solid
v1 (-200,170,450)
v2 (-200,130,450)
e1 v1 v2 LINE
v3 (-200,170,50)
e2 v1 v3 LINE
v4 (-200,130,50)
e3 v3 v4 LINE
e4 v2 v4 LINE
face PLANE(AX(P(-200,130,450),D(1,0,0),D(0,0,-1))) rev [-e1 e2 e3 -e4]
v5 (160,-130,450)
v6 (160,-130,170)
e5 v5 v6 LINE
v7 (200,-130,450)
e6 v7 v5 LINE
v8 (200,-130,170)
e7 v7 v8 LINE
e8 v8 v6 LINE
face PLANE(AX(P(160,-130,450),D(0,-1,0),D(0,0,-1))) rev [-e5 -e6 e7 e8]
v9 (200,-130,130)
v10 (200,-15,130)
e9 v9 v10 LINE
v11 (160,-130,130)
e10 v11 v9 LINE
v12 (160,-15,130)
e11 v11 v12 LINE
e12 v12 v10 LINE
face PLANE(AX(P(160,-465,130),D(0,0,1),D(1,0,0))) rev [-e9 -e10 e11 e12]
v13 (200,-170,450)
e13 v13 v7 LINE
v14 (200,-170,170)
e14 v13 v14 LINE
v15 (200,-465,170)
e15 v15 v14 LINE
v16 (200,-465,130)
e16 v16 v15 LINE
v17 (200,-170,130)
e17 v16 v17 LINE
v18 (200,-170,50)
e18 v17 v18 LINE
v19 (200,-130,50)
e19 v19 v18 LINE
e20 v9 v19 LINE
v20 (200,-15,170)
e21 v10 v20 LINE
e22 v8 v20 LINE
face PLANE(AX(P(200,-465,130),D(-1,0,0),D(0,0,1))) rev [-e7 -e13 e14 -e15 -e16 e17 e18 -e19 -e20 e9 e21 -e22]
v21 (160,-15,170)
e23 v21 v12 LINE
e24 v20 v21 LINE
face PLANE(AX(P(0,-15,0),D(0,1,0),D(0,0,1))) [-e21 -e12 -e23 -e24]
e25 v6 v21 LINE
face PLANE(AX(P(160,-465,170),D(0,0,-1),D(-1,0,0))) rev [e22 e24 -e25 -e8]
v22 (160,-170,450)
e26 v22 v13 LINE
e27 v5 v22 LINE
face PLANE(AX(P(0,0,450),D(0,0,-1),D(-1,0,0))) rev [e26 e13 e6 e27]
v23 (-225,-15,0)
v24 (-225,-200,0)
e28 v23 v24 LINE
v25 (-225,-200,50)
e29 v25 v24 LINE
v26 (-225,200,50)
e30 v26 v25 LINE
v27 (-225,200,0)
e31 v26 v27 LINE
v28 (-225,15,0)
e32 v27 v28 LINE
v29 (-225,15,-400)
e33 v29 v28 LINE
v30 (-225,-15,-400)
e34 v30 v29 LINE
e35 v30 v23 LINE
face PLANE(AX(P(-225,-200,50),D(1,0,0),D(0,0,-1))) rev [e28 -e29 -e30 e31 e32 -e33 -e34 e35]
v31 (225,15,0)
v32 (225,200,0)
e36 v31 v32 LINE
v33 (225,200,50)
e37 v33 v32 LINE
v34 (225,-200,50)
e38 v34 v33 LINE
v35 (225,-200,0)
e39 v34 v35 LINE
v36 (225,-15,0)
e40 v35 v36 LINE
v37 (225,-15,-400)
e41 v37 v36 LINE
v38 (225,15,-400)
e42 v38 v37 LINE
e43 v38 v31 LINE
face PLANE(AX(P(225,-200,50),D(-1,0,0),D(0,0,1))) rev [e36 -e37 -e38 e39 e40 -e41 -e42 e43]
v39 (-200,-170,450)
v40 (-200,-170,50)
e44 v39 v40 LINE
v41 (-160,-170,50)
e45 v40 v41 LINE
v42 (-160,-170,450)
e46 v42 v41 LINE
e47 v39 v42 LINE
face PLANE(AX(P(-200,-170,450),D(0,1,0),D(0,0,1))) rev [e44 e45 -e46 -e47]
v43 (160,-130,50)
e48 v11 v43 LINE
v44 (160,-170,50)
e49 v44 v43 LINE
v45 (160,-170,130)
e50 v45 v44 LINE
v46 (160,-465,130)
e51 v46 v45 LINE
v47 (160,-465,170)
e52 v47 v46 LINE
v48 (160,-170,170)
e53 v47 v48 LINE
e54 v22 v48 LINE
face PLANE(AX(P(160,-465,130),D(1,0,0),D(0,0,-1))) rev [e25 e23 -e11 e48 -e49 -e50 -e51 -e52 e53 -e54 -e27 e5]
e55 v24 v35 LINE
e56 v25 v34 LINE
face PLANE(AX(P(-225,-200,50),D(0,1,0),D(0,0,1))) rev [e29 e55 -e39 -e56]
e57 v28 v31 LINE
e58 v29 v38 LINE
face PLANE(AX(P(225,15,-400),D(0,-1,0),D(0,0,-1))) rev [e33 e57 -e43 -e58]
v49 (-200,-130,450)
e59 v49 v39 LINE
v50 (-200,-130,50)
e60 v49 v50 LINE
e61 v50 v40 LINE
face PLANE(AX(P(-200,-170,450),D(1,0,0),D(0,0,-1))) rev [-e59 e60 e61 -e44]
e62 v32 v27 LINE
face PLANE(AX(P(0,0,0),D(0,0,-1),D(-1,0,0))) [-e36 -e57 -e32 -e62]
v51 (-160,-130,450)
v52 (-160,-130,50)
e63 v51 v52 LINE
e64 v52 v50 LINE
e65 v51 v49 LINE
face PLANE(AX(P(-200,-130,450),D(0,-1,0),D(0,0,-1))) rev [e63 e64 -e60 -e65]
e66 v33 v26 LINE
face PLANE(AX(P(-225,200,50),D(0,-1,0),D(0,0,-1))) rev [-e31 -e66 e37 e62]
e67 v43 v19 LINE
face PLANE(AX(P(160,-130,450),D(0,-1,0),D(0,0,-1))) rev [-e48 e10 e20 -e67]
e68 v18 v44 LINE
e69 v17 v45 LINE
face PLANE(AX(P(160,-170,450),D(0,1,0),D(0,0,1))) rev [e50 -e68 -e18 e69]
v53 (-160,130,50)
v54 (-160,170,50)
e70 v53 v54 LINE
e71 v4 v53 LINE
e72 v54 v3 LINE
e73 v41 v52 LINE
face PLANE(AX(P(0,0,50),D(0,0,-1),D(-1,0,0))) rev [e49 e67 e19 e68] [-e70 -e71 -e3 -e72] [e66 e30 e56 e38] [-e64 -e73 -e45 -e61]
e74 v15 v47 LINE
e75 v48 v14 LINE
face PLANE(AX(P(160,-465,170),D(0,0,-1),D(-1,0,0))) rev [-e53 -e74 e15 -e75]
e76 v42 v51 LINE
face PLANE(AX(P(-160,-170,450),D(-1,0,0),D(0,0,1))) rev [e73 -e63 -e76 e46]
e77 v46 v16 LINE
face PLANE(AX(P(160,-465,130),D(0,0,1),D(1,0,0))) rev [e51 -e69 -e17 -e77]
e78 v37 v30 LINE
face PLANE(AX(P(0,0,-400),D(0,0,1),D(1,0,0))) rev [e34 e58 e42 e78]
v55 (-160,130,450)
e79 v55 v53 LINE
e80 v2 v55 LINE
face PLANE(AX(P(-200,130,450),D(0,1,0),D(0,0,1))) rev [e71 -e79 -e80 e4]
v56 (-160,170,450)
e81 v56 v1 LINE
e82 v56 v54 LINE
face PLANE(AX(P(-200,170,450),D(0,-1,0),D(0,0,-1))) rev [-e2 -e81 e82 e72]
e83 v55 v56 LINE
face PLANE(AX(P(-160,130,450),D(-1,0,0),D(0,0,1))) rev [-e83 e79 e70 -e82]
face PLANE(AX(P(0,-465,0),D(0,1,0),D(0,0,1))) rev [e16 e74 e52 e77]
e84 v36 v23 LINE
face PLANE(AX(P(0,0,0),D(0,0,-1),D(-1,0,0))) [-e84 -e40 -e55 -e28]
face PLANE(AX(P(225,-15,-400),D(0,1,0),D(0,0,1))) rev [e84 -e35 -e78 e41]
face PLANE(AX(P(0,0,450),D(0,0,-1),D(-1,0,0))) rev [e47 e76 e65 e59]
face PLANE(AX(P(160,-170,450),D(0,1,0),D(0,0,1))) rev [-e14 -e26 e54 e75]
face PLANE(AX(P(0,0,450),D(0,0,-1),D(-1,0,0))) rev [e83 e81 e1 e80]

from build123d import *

# Parameters (mm, degrees)
SKETCH_1_W      = 450
SKETCH_1_H      = 400
EXTRUDE_1_DEPTH = 50
SKETCH_2_W      = 450
SKETCH_2_H      = 30
EXTRUDE_2_DEPTH = 400
SKETCH_3_W      = 40
SKETCH_3_H      = 40
EXTRUDE_3_DEPTH = 450
SKETCH_4_W      = 40
SKETCH_4_H      = 40
EXTRUDE_4_DEPTH = 450
SKETCH_5_W      = 40
SKETCH_5_H      = 40
EXTRUDE_5_DEPTH = 450
SKETCH_6_W      = 40
SKETCH_6_H      = 40
EXTRUDE_6_DEPTH = 450


with BuildPart() as part:
    # 草图1 → 凸台-拉伸1 (new body)
    with BuildSketch(Plane.XY):
        Rectangle(SKETCH_1_W, SKETCH_1_H)
    extrude(amount=EXTRUDE_1_DEPTH)

    # 草图2 → 凸台-拉伸2 (add)
    with BuildSketch(Plane(origin=(0, 0, 0), x_dir=(-1, 0, 0), z_dir=(0, 0, -1))):
        Rectangle(SKETCH_2_W, SKETCH_2_H)
    extrude(amount=EXTRUDE_2_DEPTH)

    # 草图4 → 凸台-拉伸4 (add)
    with BuildSketch(Plane.XY):
        with Locations((-180, 150)):
            Rectangle(SKETCH_4_W, SKETCH_4_H)
    extrude(amount=EXTRUDE_4_DEPTH)



with BuildPart() as body_2:
    # 草图3 → 凸台-拉伸3 (new body)
    with BuildSketch(Plane.XZ.offset(15)):
        with Locations((180, 150)):
            Rectangle(SKETCH_3_W, SKETCH_3_H)
    extrude(amount=EXTRUDE_3_DEPTH)


with BuildPart() as part_1:
    add(part.part)

    add(body_2.part)  # 凸台-拉伸5 merges body 2
    # 草图5 → 凸台-拉伸5 (add)
    with BuildSketch(Plane.XY):
        with Locations((180, -150)):
            Rectangle(SKETCH_5_W, SKETCH_5_H)
    extrude(amount=EXTRUDE_5_DEPTH)

    # 草图6 → 凸台-拉伸6 (add)
    with BuildSketch(Plane.XY):
        with Locations((-180, -150)):
            Rectangle(SKETCH_6_W, SKETCH_6_H)
    extrude(amount=EXTRUDE_6_DEPTH)


solid = part_1.part
